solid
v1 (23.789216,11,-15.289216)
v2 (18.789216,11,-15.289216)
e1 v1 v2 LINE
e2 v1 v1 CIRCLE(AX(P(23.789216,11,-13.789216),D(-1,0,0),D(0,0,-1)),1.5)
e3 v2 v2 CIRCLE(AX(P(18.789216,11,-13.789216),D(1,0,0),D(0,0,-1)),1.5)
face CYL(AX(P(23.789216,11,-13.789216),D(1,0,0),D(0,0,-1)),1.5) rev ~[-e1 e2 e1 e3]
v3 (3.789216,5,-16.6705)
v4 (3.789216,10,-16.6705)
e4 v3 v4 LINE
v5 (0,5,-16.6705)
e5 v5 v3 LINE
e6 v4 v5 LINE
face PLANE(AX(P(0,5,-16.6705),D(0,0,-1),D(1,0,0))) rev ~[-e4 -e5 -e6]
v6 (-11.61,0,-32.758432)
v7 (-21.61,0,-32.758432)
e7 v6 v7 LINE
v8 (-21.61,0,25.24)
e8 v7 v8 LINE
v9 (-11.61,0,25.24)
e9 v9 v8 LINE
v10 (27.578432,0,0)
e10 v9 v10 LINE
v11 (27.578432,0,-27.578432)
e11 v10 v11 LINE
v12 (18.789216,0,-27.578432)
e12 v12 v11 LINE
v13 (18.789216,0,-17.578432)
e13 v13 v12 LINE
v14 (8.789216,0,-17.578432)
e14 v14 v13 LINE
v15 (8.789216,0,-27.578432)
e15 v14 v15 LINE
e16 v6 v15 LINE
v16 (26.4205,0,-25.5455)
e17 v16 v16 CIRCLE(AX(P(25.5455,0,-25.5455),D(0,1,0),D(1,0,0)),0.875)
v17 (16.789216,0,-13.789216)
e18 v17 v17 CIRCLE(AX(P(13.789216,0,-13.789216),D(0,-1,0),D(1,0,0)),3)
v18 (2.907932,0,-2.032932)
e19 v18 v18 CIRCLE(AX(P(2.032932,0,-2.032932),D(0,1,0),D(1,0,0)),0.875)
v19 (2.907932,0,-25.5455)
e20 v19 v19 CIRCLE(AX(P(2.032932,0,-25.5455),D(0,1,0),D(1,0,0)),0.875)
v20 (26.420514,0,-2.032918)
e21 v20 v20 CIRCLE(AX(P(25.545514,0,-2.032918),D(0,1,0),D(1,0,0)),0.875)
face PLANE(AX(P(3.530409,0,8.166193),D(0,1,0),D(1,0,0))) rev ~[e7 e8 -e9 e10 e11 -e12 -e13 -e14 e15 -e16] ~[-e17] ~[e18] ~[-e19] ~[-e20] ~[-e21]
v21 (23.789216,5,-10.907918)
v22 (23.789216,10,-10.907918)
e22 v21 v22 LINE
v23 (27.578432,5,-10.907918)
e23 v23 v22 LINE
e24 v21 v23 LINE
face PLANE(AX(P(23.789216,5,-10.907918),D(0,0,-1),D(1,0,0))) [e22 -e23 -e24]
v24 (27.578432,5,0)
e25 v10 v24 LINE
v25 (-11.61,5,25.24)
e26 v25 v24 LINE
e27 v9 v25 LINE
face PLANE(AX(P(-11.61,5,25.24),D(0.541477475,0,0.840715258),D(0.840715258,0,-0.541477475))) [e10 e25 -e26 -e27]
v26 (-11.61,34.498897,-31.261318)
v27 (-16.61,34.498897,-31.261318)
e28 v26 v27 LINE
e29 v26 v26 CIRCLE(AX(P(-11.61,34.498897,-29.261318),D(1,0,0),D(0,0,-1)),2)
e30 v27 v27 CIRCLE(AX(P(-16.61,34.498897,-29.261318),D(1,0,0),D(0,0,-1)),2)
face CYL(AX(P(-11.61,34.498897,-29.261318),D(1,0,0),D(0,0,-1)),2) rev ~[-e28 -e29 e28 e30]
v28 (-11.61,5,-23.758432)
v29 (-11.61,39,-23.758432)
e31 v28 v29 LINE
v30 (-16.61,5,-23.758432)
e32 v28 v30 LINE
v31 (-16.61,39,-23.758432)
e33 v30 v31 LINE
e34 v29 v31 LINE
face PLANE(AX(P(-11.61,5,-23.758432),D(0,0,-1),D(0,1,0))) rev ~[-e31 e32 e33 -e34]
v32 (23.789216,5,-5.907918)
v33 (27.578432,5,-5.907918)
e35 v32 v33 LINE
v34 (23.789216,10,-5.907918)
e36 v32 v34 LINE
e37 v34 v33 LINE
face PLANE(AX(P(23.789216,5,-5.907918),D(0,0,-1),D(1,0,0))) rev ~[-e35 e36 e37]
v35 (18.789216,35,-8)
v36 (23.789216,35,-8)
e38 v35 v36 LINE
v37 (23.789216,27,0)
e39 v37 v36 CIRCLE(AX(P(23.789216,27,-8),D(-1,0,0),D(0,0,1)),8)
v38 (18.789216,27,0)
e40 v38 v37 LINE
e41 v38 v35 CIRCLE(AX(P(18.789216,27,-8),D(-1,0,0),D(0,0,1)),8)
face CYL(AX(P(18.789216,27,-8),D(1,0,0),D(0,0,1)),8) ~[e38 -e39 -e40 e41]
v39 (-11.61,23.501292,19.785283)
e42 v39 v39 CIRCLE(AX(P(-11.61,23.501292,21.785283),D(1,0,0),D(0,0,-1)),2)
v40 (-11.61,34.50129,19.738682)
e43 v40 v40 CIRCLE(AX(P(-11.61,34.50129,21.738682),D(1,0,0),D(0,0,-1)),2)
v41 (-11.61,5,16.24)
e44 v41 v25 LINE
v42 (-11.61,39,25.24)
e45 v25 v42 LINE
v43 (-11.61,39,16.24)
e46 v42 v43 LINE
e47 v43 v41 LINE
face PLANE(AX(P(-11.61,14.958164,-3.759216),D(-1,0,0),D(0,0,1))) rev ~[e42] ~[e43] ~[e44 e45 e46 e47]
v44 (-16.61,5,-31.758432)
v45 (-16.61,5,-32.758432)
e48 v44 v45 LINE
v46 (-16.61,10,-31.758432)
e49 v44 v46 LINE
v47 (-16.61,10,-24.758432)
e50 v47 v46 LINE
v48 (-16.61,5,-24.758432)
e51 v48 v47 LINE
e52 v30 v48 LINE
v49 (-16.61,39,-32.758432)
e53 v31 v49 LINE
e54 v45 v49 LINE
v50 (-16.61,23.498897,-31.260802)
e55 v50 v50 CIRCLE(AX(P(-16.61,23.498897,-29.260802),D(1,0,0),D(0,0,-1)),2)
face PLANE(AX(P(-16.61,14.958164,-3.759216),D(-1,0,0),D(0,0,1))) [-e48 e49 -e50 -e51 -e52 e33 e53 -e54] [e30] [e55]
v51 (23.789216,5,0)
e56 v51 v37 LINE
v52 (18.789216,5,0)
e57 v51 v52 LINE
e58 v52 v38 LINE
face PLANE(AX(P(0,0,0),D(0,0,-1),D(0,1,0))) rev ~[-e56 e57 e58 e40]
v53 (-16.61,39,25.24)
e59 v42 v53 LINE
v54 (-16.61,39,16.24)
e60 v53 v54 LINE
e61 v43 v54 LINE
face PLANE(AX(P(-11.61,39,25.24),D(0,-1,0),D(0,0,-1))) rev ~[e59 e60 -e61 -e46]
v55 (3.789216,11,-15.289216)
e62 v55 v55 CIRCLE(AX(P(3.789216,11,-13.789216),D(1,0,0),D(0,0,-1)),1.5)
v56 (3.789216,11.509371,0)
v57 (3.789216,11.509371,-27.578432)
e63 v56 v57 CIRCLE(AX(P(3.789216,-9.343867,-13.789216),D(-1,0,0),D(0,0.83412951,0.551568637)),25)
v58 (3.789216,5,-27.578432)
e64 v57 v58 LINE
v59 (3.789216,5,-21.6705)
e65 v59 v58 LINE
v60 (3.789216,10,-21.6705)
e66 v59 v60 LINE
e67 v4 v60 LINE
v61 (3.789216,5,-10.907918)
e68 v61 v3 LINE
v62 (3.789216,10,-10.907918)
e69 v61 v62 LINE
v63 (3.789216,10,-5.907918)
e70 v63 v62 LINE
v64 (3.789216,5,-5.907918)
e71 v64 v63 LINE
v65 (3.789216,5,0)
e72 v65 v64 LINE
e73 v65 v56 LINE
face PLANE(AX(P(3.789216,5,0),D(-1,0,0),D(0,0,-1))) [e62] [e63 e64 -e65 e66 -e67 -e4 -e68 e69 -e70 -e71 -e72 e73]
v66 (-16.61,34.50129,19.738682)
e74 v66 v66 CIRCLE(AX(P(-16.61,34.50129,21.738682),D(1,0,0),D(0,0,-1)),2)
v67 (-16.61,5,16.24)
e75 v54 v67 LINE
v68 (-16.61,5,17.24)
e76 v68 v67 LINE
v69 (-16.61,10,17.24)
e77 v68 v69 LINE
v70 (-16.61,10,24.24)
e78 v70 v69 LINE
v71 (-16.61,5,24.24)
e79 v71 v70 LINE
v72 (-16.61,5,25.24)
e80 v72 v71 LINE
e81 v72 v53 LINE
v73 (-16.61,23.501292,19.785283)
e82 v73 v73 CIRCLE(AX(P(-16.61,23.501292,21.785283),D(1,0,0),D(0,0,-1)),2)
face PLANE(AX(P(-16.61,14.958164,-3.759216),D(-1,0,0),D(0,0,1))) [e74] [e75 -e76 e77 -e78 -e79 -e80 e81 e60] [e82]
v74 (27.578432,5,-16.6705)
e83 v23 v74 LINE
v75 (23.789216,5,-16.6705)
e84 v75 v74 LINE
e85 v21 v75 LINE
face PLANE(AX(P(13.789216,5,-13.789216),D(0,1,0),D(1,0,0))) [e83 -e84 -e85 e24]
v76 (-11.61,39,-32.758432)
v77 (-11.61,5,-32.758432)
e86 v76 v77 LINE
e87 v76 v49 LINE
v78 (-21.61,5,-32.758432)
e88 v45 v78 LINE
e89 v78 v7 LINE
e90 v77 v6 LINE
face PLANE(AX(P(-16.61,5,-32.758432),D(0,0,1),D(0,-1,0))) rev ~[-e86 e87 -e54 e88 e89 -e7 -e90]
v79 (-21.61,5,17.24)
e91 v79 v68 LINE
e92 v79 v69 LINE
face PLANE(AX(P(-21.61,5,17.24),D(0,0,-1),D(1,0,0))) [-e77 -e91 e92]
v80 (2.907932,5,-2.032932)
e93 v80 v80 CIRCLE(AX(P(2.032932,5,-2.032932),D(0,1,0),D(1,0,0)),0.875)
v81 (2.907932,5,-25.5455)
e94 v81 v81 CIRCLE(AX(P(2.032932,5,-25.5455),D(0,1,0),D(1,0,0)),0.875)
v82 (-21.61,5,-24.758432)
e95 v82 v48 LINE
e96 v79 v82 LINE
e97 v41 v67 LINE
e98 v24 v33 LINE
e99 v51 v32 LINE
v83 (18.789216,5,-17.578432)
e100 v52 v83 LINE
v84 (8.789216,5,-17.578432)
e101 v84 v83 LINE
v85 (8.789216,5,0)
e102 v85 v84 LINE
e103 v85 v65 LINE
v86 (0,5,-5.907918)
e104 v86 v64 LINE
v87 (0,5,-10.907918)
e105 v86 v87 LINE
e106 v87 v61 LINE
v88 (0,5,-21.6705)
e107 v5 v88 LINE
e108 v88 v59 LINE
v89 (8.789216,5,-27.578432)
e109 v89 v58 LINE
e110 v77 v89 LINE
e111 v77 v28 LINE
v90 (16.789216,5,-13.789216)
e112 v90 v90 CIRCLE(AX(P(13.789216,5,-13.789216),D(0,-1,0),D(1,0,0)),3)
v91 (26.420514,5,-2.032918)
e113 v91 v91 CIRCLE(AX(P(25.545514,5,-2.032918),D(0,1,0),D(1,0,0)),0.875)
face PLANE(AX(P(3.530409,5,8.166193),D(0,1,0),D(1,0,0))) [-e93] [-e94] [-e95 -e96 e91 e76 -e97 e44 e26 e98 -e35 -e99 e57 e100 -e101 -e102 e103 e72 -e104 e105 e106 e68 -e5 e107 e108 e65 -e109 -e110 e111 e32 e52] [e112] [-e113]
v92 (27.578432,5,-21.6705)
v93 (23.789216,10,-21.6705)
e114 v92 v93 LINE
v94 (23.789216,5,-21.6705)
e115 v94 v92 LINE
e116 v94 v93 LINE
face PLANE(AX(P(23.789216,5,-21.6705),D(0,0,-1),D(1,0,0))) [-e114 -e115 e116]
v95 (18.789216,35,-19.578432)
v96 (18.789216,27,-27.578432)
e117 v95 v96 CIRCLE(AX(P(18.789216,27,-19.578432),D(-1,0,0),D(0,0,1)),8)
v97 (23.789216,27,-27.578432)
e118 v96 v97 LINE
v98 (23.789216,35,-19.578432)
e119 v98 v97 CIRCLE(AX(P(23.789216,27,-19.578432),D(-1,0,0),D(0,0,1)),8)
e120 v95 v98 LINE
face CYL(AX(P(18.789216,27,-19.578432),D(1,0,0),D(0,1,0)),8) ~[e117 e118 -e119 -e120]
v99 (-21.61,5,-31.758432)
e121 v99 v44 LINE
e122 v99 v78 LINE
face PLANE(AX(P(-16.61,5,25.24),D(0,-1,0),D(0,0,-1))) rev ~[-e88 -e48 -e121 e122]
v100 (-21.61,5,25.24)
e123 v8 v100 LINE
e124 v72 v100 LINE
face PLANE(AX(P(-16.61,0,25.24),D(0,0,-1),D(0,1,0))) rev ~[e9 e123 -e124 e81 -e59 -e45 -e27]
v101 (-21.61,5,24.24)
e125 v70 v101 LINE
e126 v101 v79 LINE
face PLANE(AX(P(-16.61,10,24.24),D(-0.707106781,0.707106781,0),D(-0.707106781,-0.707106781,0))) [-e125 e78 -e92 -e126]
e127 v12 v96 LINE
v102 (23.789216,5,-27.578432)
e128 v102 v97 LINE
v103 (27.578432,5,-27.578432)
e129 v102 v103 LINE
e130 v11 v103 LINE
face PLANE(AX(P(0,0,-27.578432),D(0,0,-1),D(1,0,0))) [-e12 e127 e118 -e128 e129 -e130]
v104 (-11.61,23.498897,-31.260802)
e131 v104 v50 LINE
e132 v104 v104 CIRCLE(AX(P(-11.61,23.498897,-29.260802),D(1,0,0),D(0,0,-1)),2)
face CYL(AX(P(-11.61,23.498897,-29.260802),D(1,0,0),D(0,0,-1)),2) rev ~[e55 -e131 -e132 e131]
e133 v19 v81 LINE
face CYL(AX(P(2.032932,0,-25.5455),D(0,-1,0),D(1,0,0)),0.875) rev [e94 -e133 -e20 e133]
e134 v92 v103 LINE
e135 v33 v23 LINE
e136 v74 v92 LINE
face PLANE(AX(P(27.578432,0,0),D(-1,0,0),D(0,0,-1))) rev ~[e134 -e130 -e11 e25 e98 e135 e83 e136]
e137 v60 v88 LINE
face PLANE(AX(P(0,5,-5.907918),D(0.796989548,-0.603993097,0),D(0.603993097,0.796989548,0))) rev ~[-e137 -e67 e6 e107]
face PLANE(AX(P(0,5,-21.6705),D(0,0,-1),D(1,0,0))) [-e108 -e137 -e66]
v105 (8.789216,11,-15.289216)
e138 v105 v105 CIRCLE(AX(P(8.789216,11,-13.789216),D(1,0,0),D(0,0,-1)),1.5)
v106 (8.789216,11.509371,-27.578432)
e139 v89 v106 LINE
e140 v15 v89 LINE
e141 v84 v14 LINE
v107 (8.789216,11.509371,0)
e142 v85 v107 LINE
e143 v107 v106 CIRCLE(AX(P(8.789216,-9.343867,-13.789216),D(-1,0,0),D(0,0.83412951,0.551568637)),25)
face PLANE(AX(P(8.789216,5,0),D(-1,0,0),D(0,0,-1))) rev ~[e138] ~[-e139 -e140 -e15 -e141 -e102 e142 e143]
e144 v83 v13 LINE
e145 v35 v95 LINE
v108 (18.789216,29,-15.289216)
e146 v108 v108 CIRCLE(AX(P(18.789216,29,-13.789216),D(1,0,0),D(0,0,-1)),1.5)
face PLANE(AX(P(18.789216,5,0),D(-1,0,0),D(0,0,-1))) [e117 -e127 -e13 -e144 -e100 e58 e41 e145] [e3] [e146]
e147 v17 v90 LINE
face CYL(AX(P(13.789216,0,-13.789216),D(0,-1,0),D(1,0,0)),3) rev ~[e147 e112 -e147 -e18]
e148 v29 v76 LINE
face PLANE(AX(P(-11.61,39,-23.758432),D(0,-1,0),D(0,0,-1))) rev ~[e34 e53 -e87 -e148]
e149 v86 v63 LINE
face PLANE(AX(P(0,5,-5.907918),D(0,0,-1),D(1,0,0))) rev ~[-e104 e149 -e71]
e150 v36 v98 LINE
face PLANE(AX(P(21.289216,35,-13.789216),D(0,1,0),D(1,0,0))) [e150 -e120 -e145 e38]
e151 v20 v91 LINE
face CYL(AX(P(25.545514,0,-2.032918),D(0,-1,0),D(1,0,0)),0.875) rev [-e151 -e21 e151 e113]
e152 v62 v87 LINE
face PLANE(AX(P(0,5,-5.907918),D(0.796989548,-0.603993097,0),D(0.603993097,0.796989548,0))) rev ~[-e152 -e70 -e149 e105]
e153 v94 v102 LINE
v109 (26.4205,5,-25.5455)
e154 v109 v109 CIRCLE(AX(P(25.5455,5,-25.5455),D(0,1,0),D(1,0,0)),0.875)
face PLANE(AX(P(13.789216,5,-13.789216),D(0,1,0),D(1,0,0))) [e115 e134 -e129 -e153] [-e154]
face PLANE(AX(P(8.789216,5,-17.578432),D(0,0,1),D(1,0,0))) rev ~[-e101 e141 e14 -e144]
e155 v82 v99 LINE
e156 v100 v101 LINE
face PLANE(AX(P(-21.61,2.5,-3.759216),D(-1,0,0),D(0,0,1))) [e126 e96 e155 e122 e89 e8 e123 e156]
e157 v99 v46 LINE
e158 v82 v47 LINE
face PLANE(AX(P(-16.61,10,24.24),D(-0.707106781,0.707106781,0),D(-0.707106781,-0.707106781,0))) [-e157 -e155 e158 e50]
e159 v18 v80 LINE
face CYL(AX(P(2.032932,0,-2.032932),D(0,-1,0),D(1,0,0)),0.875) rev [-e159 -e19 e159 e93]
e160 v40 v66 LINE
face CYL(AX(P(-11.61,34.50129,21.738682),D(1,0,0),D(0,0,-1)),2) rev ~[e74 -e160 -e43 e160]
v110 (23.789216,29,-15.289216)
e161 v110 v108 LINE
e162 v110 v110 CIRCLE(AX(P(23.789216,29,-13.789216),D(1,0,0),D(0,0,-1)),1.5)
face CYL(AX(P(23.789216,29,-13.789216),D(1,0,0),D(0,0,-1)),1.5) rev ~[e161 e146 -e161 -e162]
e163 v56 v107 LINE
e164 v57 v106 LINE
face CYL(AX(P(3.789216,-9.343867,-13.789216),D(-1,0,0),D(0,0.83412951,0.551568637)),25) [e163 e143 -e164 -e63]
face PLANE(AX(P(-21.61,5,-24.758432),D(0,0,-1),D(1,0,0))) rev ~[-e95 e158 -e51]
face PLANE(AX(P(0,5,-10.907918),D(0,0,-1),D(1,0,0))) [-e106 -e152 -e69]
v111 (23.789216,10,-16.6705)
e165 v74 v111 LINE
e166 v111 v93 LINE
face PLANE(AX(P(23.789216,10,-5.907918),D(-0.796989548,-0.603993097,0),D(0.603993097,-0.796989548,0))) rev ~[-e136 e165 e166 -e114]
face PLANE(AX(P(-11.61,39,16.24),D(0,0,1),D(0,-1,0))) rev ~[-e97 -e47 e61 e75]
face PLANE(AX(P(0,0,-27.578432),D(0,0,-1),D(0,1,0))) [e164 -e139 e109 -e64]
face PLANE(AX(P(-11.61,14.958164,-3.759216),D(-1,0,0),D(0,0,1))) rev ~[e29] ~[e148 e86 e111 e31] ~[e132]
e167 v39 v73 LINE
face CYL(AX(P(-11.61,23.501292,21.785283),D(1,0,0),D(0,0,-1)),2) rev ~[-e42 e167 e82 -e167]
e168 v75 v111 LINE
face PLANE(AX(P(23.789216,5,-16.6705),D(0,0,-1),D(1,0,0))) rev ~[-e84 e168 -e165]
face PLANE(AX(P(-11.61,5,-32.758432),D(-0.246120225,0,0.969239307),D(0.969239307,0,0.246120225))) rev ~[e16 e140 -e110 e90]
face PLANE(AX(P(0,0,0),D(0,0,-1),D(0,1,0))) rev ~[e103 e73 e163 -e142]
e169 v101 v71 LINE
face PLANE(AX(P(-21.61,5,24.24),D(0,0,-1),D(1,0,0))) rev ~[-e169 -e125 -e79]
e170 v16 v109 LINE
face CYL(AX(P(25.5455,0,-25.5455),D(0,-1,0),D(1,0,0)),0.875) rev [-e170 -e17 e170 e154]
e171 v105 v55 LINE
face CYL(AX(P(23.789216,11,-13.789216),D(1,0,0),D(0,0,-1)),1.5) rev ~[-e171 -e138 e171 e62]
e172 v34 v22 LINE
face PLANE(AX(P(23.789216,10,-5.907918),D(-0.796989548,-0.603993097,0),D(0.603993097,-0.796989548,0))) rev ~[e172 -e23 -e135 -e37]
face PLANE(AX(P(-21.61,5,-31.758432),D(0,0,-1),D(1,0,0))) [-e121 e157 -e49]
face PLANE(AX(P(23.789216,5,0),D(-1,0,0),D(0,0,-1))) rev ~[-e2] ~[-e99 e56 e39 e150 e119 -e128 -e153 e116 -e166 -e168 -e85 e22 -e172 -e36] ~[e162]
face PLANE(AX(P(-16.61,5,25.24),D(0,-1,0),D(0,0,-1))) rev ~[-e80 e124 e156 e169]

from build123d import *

# Parameters (mm, degrees)
SKETCH1_W            = 27.578431842
SKETCH1_H            = 27.578431842
SKETCH1_R            = 0.875
BOSS_EXTRUDE1_DEPTH  = 5
SKETCH2_W            = 5
SKETCH2_H            = 27.578431842
BOSS_EXTRUDE2_DEPTH  = 30
CUT_EXTRUDE2_DEPTH   = 10
SKETCH5_R            = 1.5
CUT_EXTRUDE3_DEPTH   = 24
FILLET1_R            = 8
FILLET2_R            = 8
SKETCH6_W            = 10
SKETCH6_H            = 10
CUT_EXTRUDE5_DEPTH   = 7
SKETCH7_R            = 3
CUT_EXTRUDE6_DEPTH   = 7
SKETCH8_W            = 3.789215921
SKETCH8_H            = 5
BOSS_EXTRUDE3_DEPTH  = 5
CUT_EXTRUDE7_DEPTH   = 25
SKETCH10_W           = 27.578431842
SKETCH10_H           = 5
BOSS_EXTRUDE4_DEPTH  = 11.61
BOSS_EXTRUDE5_DEPTH  = 5
BOSS_EXTRUDE9_DEPTH  = 5
SKETCH18_W           = 5
SKETCH18_H           = 7
BOSS_EXTRUDE10_DEPTH = 5
CUT_EXTRUDE9_DEPTH   = 59
SKETCH20_R           = 2
CUT_EXTRUDE10_DEPTH  = 10
BOSS_EXTRUDE11_DEPTH = 5


with BuildPart() as part:
    # Sketch1 → Boss-Extrude1 (new body)
    with BuildSketch(Plane(origin=(0, 0, 0), x_dir=(1, 0, 0), z_dir=(0, 1, 0))):
        with Locations((13.789215921, 13.789215921)):
            Rectangle(SKETCH1_W, SKETCH1_H)
        with Locations((2.032931996, 2.032931996)):
            Circle(SKETCH1_R, mode=Mode.SUBTRACT)
        with Locations((25.545499846, 25.545499846)):
            Circle(SKETCH1_R, mode=Mode.SUBTRACT)
        with Locations((2.032931996, 25.545499846)):
            Circle(SKETCH1_R, mode=Mode.SUBTRACT)
        with Locations((25.545513651, 2.032918191)):
            Circle(SKETCH1_R, mode=Mode.SUBTRACT)
    extrude(amount=BOSS_EXTRUDE1_DEPTH)

    # Sketch2 → Boss-Extrude2 (add)
    with BuildSketch(Plane(origin=(0, 5, 0), x_dir=(1, 0, 0), z_dir=(0, 1, 0))):
        with Locations((21.289215921, 13.789215921)):
            Rectangle(SKETCH2_W, SKETCH2_H)
        with Locations((6.289215921, 13.789215921)):
            Rectangle(SKETCH2_W, SKETCH2_H)
    extrude(amount=BOSS_EXTRUDE2_DEPTH)

    # Sketch4 → Cut-Extrude2 (cut)
    with BuildSketch(Plane.ZY.offset(-3.789215921)):
        with BuildLine():
            Line((-27.578431842, 11.509370995), (-27.578431842, 35))
            Line((-27.578431842, 35), (0, 35))
            Line((0, 35), (0, 11.509370995))
            ThreePointArc((0, 11.509370995), (-13.789215921, 15.656133254), (-27.578431842, 11.509370995))
        make_face()
    extrude(amount=-CUT_EXTRUDE2_DEPTH, mode=Mode.SUBTRACT)

    # Sketch5 → Cut-Extrude3 (cut)
    with BuildSketch(Plane(origin=(23.789215921, 0, 0), x_dir=(0, 0, -1), z_dir=(1, 0, 0))):
        with Locations((13.789215921, 29)):
            Circle(SKETCH5_R)
        with Locations((13.789215921, 11)):
            Circle(SKETCH5_R)
    extrude(amount=-CUT_EXTRUDE3_DEPTH, mode=Mode.SUBTRACT)

    # Fillet1
    fillet1_edges = [part.edges().sort_by_distance(p)[0] for p in [
        (21.289215921, 35, 0),
    ]]
    fillet(fillet1_edges, radius=FILLET1_R)

    # Fillet2
    fillet2_edges = [part.edges().sort_by_distance(p)[0] for p in [
        (21.289215921, 35, -27.578431842),
    ]]
    fillet(fillet2_edges, radius=FILLET2_R)

    # Sketch6 → Cut-Extrude5 (cut)
    with BuildSketch(Plane(origin=(0, 5, 0), x_dir=(1, 0, 0), z_dir=(0, 1, 0))):
        with Locations((13.789215921, 22.578431842)):
            Rectangle(SKETCH6_W, SKETCH6_H)
    extrude(amount=-CUT_EXTRUDE5_DEPTH, mode=Mode.SUBTRACT)

    # Sketch7 → Cut-Extrude6 (cut)
    with BuildSketch(Plane.XZ):
        with Locations((13.789215921, -13.789215921)):
            Circle(SKETCH7_R)
    extrude(amount=-CUT_EXTRUDE6_DEPTH, mode=Mode.SUBTRACT)

    # Sketch8 → Boss-Extrude3 (add)
    with BuildSketch(Plane(origin=(0, 5, 0), x_dir=(1, 0, 0), z_dir=(0, 1, 0))):
        with Locations((1.894607961, 19.170499846)):
            Rectangle(SKETCH8_W, SKETCH8_H)
        with Locations((25.683823882, 19.170499846)):
            Rectangle(SKETCH8_W, SKETCH8_H)
        with Locations((25.683823882, 8.407918191)):
            Rectangle(SKETCH8_W, SKETCH8_H)
        with Locations((1.894607961, 8.407918191)):
            Rectangle(SKETCH8_W, SKETCH8_H)
    extrude(amount=BOSS_EXTRUDE3_DEPTH)

    # Sketch9 → Cut-Extrude7 (cut)
    with BuildSketch(Plane.XY.offset(-5.907918191)):
        Polygon((0, 5), (3.789215921, 10), (0, 10), align=None)
        Polygon((23.789215921, 10), (27.578431842, 5), (27.578431842, 10), align=None)
    extrude(amount=-CUT_EXTRUDE7_DEPTH, mode=Mode.SUBTRACT)

    # Sketch10 → Boss-Extrude4 (add)
    with BuildSketch(Plane.ZY):
        with Locations((-13.789215921, 2.5)):
            Rectangle(SKETCH10_W, SKETCH10_H)
    extrude(amount=BOSS_EXTRUDE4_DEPTH)

    # Sketch11 → Boss-Extrude5 (add)
    with BuildSketch(Plane.ZY.offset(11.61)):
        Polygon((-32.758431842, 9.017116473), (-32.758431842, 0), (-27.578431842, 0), (0, 0), (25.24, 0), (25.24, 9.017116473), (25.24, 39), (16.24, 39), (16.24, 5), (0, 5), (-23.758431842, 5), (-23.758431842, 39), (-32.758431842, 39), align=None)
    extrude(amount=BOSS_EXTRUDE5_DEPTH)

    # Sketch17 → Boss-Extrude9 (add)
    with BuildSketch(Plane.ZY.offset(16.61)):
        Polygon((-23.758431842, 5), (-32.758431842, 5), (-32.758431842, 0), (25.24, 0), (25.24, 5), align=None)
    extrude(amount=BOSS_EXTRUDE9_DEPTH)

    # Sketch18 → Boss-Extrude10 (add)
    with BuildSketch(Plane(origin=(0, 5, 0), x_dir=(1, 0, 0), z_dir=(0, 1, 0))):
        with Locations((-19.11, 28.258431842)):
            Rectangle(SKETCH18_W, SKETCH18_H)
        with Locations((-19.11, -20.74)):
            Rectangle(SKETCH18_W, SKETCH18_H)
    extrude(amount=BOSS_EXTRUDE10_DEPTH)

    # Sketch19 → Cut-Extrude9 (cut)
    with BuildSketch(Plane.XY.offset(24.24)):
        Polygon((-21.61, 5), (-21.61, 10), (-16.61, 10), align=None)
    extrude(amount=-CUT_EXTRUDE9_DEPTH, mode=Mode.SUBTRACT)

    # Sketch20 → Cut-Extrude10 (cut)
    with BuildSketch(Plane(origin=(-11.61, 0, 0), x_dir=(0, 0, -1), z_dir=(1, 0, 0))):
        with Locations((-21.738681897, 34.501289775)):
            Circle(SKETCH20_R)
        with Locations((-21.785282729, 23.501291949)):
            Circle(SKETCH20_R)
        with Locations((29.260801868, 23.498896595)):
            Circle(SKETCH20_R)
        with Locations((29.261318047, 34.498896583)):
            Circle(SKETCH20_R)
    extrude(amount=-CUT_EXTRUDE10_DEPTH, mode=Mode.SUBTRACT)

    # Sketch21 → Boss-Extrude11 (add)
    with BuildSketch(Plane(origin=(0, 5, 0), x_dir=(1, 0, 0), z_dir=(0, 1, 0))):
        Polygon((-11.61, -25.24), (27.578431842, 0), (-11.61, 0), align=None)
        Polygon((-11.61, 32.758431842), (8.789215921, 27.578431842), (-11.61, 27.578431842), align=None)
    extrude(amount=-BOSS_EXTRUDE11_DEPTH)


solid = part.part
